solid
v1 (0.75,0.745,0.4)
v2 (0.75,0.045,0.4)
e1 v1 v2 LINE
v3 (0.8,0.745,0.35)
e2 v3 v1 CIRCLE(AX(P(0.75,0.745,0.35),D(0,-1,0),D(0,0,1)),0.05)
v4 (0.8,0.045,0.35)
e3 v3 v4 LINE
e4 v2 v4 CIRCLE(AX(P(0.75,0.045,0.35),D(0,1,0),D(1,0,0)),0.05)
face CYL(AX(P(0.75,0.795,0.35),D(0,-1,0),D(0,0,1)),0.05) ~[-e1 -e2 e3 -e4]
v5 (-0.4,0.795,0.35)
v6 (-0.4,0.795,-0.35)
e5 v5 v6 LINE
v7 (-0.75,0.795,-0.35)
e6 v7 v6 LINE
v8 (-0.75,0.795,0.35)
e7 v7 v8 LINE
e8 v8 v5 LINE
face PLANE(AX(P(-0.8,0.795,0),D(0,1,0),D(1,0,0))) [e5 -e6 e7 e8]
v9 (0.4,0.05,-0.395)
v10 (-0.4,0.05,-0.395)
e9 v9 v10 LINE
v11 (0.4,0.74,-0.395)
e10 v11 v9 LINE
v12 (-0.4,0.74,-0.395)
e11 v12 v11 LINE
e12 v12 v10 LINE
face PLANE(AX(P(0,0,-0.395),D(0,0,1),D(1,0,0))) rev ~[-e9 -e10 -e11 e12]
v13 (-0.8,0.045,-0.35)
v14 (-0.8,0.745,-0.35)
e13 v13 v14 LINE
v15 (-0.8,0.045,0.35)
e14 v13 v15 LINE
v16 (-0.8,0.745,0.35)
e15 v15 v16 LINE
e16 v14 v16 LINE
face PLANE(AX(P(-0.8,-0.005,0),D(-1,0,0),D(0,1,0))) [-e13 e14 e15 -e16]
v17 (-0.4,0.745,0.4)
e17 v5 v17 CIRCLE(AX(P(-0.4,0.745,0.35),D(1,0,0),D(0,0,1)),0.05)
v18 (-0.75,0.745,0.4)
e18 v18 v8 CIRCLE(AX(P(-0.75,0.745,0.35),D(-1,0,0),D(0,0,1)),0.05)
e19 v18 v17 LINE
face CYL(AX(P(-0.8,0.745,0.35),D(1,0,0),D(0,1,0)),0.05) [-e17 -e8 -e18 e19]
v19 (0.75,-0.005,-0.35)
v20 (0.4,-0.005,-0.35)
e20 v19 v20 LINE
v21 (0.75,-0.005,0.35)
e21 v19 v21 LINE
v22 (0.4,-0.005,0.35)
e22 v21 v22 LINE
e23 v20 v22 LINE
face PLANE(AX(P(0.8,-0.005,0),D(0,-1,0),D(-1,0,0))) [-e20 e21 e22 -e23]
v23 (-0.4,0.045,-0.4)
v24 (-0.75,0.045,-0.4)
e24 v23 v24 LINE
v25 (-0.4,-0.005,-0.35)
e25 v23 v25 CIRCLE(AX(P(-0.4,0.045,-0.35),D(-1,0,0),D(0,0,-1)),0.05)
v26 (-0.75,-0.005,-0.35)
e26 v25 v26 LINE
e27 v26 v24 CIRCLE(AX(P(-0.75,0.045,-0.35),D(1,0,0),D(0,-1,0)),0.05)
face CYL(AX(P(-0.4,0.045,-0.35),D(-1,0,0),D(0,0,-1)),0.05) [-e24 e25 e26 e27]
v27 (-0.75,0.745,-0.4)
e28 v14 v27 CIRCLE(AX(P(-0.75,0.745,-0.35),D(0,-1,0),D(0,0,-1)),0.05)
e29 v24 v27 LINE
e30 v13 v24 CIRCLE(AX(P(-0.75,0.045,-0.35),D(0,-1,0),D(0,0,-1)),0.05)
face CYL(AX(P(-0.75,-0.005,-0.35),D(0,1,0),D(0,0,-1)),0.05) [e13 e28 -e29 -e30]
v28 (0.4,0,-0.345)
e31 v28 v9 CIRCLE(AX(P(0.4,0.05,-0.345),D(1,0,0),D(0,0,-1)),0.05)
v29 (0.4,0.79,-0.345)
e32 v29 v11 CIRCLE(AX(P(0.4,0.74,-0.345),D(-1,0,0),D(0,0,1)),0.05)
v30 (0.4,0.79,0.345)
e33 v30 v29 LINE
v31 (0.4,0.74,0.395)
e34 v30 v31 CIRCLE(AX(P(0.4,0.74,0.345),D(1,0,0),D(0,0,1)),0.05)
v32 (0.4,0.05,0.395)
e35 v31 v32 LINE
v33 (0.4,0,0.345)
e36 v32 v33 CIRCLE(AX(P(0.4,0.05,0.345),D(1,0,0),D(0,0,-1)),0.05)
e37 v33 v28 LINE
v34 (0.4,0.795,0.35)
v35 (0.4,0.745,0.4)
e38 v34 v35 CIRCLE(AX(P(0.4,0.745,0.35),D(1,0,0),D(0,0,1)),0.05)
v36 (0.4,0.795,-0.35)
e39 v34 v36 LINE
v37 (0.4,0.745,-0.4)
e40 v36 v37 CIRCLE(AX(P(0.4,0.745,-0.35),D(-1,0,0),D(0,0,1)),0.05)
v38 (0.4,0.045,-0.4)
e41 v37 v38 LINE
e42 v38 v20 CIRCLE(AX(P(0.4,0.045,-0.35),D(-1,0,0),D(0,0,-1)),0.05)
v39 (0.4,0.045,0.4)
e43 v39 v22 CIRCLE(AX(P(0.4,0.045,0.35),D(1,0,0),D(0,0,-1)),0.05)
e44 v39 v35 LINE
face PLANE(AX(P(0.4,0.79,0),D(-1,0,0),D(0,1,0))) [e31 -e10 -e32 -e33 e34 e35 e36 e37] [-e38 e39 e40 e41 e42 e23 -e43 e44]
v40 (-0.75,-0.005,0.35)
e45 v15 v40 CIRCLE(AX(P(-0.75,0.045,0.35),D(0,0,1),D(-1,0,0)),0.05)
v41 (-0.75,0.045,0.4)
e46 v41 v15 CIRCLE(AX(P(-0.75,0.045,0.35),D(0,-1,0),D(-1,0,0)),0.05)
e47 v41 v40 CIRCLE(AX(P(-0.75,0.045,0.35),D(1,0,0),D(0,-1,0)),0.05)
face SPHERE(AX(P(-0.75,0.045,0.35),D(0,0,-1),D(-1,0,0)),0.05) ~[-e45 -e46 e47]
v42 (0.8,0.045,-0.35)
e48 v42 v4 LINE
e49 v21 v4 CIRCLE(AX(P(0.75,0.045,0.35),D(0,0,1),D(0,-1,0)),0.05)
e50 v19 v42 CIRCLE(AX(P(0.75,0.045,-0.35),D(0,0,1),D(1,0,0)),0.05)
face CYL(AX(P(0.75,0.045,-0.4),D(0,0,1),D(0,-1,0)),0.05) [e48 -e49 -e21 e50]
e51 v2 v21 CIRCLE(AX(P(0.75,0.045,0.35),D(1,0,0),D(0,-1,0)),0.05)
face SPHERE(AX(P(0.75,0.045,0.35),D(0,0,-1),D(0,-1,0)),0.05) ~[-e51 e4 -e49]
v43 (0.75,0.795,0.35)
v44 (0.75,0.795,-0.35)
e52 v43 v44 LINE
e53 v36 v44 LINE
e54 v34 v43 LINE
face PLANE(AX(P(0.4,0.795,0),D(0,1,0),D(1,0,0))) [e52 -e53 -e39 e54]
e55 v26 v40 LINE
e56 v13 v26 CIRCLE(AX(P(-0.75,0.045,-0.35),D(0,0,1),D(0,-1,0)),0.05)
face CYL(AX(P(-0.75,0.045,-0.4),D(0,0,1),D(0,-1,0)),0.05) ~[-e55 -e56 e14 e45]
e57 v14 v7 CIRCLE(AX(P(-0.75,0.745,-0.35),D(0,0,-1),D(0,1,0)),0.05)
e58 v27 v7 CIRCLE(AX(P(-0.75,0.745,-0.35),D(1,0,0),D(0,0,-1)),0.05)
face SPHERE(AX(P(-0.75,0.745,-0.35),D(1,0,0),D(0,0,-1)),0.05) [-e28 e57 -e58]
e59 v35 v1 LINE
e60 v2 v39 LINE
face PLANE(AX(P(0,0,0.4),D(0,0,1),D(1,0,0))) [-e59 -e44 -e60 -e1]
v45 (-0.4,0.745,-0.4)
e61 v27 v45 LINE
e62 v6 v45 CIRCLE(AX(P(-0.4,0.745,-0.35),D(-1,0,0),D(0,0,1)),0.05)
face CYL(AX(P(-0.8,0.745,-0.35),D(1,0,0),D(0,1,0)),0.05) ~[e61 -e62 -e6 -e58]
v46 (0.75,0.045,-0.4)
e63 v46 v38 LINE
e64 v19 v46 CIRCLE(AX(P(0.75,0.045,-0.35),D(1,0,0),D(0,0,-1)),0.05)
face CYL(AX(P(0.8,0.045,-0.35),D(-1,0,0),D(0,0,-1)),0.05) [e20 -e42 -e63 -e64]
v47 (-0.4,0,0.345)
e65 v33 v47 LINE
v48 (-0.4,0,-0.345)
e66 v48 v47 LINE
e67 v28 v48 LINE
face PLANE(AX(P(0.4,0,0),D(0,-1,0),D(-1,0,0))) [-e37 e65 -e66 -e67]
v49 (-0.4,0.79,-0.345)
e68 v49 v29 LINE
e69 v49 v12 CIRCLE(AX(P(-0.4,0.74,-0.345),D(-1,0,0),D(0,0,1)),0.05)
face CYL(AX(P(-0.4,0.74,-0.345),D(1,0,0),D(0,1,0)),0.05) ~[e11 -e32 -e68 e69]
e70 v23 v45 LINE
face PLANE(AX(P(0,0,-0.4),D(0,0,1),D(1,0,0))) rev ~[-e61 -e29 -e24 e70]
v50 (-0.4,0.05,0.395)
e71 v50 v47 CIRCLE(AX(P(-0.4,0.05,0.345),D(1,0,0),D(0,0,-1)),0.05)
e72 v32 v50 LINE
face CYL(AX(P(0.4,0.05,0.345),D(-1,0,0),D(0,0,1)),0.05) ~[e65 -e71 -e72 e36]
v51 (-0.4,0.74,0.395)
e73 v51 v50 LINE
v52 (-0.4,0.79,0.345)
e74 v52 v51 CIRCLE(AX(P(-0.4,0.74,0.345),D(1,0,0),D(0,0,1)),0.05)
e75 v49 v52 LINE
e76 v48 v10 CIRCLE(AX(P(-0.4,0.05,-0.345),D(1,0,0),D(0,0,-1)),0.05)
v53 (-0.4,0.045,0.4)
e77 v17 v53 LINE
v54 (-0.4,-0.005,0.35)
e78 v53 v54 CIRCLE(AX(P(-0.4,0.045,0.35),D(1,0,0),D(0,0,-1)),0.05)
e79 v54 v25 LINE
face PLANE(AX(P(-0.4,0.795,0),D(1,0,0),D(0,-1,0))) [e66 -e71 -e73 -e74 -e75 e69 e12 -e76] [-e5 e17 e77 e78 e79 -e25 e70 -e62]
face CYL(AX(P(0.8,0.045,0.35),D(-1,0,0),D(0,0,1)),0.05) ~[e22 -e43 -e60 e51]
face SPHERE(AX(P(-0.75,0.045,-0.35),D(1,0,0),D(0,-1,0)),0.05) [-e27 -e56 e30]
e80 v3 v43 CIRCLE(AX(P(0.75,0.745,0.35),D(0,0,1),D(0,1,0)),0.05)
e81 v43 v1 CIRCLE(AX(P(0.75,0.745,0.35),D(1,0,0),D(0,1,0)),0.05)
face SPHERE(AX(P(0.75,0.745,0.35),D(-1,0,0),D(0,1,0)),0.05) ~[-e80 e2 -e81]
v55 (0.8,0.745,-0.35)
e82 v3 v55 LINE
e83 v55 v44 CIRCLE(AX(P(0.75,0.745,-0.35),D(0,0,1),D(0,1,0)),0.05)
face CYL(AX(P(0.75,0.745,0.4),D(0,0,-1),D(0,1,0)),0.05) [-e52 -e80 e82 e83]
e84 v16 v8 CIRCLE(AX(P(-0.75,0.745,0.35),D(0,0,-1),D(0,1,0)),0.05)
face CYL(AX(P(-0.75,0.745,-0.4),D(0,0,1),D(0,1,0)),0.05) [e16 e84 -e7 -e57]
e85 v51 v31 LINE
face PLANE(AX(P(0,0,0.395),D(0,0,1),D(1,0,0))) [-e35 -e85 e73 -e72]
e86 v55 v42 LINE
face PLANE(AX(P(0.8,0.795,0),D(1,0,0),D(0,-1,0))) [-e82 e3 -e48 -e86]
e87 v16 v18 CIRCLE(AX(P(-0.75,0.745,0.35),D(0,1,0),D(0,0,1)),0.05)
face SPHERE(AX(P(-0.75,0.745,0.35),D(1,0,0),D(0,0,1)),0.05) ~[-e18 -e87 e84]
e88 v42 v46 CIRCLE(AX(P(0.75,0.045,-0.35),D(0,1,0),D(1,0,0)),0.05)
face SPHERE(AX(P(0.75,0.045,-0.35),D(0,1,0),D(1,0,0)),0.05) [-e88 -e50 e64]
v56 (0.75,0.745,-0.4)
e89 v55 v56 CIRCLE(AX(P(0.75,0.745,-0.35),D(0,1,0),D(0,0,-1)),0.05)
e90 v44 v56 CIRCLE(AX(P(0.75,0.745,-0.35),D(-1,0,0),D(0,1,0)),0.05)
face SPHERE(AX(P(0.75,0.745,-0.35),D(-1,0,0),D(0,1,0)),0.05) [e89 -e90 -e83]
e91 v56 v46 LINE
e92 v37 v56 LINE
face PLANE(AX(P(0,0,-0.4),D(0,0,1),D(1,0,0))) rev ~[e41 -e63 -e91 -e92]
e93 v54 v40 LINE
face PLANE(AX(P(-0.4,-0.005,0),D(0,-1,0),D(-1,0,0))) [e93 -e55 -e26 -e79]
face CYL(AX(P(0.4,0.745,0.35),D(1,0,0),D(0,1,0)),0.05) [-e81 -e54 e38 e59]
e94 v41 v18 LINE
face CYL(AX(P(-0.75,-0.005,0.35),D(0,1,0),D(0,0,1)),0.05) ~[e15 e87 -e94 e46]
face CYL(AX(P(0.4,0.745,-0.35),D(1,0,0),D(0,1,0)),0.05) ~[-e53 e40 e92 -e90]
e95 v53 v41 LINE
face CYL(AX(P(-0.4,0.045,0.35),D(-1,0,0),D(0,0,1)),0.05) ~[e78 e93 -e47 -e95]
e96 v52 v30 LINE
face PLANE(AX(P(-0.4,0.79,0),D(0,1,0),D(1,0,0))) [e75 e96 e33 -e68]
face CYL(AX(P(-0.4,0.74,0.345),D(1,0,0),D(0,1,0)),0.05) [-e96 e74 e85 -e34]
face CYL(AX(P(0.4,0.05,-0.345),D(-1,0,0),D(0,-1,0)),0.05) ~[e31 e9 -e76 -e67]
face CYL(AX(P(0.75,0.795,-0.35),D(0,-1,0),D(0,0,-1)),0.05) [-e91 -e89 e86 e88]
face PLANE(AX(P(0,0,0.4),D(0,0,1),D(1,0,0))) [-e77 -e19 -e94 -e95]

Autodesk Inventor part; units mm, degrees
ref_plane "YZ Plane" through (0, 0, 0) normal (1, 0, 0) x (0, 1, 0)
ref_plane "XZ Plane" through (0, 0, 0) normal (0, 1, 0) x (-1, 0, 0)
ref_plane "XY Plane" through (0, 0, 0) normal (0, 0, 1) x (1, 0, 0)
sketch "Sketch1" plane through (0, 0, 0) normal (0, 0, 1) x (1, 0, 0)
  line L0 (-0.8, 0.795) -> (-0.4, 0.795)
  line L1 (-0.4, 0.795) -> (-0.4, -0.005)
  line L2 (-0.4, -0.005) -> (-0.8, -0.005)
  line L3 (-0.8, -0.005) -> (-0.8, 0.795)
  line L4 (-0.4, 0.79) -> (0.4, 0.79)
  line L5 (0.4, 0.79) -> (0.4, 0)
  line L6 (0.4, 0) -> (-0.4, 0)
  line L7 (-0.4, 0) -> (-0.4, 0.79)
  line L8 (0.4, 0.795) -> (0.8, 0.795)
  line L9 (0.8, 0.795) -> (0.8, -0.005)
  line L10 (0.8, -0.005) -> (0.4, -0.005)
  line L11 (0.4, -0.005) -> (0.4, 0.795)
  point P0 (0, 0)
  point P1 (0, 0.79)
  point P2 (0, 0)
  dimension "d0" = 1.6
  dimension "d1" = 0.8
  dimension "d2" = 0.4
  dimension "d3" = 0.005
  dimension "d6" = 0.005
extrude "Extrusion1" add sketch "Sketch1" along normal mid plane 0.8 contours L0 L1 L2 L3 | L11 L8 L9 L10 L5
extrude "Extrusion2" add sketch "Sketch1" along normal mid plane 0.79 contours L4 L5 L6 L1
fillet "Fillet2" radius 0.05 4 edges at (0, 0.79, 0.395) (0, 0, 0.395) (0, 0.79, -0.395) (0, 0, -0.395)
fillet "Fillet1" radius 0.05 16 edges at (-0.6, 0.795, 0.4) (0.6, 0.795, 0.4) (-0.6, 0.795, -0.4) (0.6, 0.795, -0.4) (0.8, 0.795, 0) (0.8, 0.395, -0.4) (0.8, -0.005, 0) (0.6, -0.005, -0.4) (0.6, -0.005, 0.4) (0.8, 0.395, 0.4) (-0.6, -0.005, -0.4) (-0.8, -0.005, 0) (-0.8, 0.395, 0.4) (-0.6, -0.005, 0.4) (-0.8, 0.395, -0.4) (-0.8, 0.795, 0)
equation "\"d3\" = d6"
properties part number "Resistor_1608-0.5mm" material "Copper"
